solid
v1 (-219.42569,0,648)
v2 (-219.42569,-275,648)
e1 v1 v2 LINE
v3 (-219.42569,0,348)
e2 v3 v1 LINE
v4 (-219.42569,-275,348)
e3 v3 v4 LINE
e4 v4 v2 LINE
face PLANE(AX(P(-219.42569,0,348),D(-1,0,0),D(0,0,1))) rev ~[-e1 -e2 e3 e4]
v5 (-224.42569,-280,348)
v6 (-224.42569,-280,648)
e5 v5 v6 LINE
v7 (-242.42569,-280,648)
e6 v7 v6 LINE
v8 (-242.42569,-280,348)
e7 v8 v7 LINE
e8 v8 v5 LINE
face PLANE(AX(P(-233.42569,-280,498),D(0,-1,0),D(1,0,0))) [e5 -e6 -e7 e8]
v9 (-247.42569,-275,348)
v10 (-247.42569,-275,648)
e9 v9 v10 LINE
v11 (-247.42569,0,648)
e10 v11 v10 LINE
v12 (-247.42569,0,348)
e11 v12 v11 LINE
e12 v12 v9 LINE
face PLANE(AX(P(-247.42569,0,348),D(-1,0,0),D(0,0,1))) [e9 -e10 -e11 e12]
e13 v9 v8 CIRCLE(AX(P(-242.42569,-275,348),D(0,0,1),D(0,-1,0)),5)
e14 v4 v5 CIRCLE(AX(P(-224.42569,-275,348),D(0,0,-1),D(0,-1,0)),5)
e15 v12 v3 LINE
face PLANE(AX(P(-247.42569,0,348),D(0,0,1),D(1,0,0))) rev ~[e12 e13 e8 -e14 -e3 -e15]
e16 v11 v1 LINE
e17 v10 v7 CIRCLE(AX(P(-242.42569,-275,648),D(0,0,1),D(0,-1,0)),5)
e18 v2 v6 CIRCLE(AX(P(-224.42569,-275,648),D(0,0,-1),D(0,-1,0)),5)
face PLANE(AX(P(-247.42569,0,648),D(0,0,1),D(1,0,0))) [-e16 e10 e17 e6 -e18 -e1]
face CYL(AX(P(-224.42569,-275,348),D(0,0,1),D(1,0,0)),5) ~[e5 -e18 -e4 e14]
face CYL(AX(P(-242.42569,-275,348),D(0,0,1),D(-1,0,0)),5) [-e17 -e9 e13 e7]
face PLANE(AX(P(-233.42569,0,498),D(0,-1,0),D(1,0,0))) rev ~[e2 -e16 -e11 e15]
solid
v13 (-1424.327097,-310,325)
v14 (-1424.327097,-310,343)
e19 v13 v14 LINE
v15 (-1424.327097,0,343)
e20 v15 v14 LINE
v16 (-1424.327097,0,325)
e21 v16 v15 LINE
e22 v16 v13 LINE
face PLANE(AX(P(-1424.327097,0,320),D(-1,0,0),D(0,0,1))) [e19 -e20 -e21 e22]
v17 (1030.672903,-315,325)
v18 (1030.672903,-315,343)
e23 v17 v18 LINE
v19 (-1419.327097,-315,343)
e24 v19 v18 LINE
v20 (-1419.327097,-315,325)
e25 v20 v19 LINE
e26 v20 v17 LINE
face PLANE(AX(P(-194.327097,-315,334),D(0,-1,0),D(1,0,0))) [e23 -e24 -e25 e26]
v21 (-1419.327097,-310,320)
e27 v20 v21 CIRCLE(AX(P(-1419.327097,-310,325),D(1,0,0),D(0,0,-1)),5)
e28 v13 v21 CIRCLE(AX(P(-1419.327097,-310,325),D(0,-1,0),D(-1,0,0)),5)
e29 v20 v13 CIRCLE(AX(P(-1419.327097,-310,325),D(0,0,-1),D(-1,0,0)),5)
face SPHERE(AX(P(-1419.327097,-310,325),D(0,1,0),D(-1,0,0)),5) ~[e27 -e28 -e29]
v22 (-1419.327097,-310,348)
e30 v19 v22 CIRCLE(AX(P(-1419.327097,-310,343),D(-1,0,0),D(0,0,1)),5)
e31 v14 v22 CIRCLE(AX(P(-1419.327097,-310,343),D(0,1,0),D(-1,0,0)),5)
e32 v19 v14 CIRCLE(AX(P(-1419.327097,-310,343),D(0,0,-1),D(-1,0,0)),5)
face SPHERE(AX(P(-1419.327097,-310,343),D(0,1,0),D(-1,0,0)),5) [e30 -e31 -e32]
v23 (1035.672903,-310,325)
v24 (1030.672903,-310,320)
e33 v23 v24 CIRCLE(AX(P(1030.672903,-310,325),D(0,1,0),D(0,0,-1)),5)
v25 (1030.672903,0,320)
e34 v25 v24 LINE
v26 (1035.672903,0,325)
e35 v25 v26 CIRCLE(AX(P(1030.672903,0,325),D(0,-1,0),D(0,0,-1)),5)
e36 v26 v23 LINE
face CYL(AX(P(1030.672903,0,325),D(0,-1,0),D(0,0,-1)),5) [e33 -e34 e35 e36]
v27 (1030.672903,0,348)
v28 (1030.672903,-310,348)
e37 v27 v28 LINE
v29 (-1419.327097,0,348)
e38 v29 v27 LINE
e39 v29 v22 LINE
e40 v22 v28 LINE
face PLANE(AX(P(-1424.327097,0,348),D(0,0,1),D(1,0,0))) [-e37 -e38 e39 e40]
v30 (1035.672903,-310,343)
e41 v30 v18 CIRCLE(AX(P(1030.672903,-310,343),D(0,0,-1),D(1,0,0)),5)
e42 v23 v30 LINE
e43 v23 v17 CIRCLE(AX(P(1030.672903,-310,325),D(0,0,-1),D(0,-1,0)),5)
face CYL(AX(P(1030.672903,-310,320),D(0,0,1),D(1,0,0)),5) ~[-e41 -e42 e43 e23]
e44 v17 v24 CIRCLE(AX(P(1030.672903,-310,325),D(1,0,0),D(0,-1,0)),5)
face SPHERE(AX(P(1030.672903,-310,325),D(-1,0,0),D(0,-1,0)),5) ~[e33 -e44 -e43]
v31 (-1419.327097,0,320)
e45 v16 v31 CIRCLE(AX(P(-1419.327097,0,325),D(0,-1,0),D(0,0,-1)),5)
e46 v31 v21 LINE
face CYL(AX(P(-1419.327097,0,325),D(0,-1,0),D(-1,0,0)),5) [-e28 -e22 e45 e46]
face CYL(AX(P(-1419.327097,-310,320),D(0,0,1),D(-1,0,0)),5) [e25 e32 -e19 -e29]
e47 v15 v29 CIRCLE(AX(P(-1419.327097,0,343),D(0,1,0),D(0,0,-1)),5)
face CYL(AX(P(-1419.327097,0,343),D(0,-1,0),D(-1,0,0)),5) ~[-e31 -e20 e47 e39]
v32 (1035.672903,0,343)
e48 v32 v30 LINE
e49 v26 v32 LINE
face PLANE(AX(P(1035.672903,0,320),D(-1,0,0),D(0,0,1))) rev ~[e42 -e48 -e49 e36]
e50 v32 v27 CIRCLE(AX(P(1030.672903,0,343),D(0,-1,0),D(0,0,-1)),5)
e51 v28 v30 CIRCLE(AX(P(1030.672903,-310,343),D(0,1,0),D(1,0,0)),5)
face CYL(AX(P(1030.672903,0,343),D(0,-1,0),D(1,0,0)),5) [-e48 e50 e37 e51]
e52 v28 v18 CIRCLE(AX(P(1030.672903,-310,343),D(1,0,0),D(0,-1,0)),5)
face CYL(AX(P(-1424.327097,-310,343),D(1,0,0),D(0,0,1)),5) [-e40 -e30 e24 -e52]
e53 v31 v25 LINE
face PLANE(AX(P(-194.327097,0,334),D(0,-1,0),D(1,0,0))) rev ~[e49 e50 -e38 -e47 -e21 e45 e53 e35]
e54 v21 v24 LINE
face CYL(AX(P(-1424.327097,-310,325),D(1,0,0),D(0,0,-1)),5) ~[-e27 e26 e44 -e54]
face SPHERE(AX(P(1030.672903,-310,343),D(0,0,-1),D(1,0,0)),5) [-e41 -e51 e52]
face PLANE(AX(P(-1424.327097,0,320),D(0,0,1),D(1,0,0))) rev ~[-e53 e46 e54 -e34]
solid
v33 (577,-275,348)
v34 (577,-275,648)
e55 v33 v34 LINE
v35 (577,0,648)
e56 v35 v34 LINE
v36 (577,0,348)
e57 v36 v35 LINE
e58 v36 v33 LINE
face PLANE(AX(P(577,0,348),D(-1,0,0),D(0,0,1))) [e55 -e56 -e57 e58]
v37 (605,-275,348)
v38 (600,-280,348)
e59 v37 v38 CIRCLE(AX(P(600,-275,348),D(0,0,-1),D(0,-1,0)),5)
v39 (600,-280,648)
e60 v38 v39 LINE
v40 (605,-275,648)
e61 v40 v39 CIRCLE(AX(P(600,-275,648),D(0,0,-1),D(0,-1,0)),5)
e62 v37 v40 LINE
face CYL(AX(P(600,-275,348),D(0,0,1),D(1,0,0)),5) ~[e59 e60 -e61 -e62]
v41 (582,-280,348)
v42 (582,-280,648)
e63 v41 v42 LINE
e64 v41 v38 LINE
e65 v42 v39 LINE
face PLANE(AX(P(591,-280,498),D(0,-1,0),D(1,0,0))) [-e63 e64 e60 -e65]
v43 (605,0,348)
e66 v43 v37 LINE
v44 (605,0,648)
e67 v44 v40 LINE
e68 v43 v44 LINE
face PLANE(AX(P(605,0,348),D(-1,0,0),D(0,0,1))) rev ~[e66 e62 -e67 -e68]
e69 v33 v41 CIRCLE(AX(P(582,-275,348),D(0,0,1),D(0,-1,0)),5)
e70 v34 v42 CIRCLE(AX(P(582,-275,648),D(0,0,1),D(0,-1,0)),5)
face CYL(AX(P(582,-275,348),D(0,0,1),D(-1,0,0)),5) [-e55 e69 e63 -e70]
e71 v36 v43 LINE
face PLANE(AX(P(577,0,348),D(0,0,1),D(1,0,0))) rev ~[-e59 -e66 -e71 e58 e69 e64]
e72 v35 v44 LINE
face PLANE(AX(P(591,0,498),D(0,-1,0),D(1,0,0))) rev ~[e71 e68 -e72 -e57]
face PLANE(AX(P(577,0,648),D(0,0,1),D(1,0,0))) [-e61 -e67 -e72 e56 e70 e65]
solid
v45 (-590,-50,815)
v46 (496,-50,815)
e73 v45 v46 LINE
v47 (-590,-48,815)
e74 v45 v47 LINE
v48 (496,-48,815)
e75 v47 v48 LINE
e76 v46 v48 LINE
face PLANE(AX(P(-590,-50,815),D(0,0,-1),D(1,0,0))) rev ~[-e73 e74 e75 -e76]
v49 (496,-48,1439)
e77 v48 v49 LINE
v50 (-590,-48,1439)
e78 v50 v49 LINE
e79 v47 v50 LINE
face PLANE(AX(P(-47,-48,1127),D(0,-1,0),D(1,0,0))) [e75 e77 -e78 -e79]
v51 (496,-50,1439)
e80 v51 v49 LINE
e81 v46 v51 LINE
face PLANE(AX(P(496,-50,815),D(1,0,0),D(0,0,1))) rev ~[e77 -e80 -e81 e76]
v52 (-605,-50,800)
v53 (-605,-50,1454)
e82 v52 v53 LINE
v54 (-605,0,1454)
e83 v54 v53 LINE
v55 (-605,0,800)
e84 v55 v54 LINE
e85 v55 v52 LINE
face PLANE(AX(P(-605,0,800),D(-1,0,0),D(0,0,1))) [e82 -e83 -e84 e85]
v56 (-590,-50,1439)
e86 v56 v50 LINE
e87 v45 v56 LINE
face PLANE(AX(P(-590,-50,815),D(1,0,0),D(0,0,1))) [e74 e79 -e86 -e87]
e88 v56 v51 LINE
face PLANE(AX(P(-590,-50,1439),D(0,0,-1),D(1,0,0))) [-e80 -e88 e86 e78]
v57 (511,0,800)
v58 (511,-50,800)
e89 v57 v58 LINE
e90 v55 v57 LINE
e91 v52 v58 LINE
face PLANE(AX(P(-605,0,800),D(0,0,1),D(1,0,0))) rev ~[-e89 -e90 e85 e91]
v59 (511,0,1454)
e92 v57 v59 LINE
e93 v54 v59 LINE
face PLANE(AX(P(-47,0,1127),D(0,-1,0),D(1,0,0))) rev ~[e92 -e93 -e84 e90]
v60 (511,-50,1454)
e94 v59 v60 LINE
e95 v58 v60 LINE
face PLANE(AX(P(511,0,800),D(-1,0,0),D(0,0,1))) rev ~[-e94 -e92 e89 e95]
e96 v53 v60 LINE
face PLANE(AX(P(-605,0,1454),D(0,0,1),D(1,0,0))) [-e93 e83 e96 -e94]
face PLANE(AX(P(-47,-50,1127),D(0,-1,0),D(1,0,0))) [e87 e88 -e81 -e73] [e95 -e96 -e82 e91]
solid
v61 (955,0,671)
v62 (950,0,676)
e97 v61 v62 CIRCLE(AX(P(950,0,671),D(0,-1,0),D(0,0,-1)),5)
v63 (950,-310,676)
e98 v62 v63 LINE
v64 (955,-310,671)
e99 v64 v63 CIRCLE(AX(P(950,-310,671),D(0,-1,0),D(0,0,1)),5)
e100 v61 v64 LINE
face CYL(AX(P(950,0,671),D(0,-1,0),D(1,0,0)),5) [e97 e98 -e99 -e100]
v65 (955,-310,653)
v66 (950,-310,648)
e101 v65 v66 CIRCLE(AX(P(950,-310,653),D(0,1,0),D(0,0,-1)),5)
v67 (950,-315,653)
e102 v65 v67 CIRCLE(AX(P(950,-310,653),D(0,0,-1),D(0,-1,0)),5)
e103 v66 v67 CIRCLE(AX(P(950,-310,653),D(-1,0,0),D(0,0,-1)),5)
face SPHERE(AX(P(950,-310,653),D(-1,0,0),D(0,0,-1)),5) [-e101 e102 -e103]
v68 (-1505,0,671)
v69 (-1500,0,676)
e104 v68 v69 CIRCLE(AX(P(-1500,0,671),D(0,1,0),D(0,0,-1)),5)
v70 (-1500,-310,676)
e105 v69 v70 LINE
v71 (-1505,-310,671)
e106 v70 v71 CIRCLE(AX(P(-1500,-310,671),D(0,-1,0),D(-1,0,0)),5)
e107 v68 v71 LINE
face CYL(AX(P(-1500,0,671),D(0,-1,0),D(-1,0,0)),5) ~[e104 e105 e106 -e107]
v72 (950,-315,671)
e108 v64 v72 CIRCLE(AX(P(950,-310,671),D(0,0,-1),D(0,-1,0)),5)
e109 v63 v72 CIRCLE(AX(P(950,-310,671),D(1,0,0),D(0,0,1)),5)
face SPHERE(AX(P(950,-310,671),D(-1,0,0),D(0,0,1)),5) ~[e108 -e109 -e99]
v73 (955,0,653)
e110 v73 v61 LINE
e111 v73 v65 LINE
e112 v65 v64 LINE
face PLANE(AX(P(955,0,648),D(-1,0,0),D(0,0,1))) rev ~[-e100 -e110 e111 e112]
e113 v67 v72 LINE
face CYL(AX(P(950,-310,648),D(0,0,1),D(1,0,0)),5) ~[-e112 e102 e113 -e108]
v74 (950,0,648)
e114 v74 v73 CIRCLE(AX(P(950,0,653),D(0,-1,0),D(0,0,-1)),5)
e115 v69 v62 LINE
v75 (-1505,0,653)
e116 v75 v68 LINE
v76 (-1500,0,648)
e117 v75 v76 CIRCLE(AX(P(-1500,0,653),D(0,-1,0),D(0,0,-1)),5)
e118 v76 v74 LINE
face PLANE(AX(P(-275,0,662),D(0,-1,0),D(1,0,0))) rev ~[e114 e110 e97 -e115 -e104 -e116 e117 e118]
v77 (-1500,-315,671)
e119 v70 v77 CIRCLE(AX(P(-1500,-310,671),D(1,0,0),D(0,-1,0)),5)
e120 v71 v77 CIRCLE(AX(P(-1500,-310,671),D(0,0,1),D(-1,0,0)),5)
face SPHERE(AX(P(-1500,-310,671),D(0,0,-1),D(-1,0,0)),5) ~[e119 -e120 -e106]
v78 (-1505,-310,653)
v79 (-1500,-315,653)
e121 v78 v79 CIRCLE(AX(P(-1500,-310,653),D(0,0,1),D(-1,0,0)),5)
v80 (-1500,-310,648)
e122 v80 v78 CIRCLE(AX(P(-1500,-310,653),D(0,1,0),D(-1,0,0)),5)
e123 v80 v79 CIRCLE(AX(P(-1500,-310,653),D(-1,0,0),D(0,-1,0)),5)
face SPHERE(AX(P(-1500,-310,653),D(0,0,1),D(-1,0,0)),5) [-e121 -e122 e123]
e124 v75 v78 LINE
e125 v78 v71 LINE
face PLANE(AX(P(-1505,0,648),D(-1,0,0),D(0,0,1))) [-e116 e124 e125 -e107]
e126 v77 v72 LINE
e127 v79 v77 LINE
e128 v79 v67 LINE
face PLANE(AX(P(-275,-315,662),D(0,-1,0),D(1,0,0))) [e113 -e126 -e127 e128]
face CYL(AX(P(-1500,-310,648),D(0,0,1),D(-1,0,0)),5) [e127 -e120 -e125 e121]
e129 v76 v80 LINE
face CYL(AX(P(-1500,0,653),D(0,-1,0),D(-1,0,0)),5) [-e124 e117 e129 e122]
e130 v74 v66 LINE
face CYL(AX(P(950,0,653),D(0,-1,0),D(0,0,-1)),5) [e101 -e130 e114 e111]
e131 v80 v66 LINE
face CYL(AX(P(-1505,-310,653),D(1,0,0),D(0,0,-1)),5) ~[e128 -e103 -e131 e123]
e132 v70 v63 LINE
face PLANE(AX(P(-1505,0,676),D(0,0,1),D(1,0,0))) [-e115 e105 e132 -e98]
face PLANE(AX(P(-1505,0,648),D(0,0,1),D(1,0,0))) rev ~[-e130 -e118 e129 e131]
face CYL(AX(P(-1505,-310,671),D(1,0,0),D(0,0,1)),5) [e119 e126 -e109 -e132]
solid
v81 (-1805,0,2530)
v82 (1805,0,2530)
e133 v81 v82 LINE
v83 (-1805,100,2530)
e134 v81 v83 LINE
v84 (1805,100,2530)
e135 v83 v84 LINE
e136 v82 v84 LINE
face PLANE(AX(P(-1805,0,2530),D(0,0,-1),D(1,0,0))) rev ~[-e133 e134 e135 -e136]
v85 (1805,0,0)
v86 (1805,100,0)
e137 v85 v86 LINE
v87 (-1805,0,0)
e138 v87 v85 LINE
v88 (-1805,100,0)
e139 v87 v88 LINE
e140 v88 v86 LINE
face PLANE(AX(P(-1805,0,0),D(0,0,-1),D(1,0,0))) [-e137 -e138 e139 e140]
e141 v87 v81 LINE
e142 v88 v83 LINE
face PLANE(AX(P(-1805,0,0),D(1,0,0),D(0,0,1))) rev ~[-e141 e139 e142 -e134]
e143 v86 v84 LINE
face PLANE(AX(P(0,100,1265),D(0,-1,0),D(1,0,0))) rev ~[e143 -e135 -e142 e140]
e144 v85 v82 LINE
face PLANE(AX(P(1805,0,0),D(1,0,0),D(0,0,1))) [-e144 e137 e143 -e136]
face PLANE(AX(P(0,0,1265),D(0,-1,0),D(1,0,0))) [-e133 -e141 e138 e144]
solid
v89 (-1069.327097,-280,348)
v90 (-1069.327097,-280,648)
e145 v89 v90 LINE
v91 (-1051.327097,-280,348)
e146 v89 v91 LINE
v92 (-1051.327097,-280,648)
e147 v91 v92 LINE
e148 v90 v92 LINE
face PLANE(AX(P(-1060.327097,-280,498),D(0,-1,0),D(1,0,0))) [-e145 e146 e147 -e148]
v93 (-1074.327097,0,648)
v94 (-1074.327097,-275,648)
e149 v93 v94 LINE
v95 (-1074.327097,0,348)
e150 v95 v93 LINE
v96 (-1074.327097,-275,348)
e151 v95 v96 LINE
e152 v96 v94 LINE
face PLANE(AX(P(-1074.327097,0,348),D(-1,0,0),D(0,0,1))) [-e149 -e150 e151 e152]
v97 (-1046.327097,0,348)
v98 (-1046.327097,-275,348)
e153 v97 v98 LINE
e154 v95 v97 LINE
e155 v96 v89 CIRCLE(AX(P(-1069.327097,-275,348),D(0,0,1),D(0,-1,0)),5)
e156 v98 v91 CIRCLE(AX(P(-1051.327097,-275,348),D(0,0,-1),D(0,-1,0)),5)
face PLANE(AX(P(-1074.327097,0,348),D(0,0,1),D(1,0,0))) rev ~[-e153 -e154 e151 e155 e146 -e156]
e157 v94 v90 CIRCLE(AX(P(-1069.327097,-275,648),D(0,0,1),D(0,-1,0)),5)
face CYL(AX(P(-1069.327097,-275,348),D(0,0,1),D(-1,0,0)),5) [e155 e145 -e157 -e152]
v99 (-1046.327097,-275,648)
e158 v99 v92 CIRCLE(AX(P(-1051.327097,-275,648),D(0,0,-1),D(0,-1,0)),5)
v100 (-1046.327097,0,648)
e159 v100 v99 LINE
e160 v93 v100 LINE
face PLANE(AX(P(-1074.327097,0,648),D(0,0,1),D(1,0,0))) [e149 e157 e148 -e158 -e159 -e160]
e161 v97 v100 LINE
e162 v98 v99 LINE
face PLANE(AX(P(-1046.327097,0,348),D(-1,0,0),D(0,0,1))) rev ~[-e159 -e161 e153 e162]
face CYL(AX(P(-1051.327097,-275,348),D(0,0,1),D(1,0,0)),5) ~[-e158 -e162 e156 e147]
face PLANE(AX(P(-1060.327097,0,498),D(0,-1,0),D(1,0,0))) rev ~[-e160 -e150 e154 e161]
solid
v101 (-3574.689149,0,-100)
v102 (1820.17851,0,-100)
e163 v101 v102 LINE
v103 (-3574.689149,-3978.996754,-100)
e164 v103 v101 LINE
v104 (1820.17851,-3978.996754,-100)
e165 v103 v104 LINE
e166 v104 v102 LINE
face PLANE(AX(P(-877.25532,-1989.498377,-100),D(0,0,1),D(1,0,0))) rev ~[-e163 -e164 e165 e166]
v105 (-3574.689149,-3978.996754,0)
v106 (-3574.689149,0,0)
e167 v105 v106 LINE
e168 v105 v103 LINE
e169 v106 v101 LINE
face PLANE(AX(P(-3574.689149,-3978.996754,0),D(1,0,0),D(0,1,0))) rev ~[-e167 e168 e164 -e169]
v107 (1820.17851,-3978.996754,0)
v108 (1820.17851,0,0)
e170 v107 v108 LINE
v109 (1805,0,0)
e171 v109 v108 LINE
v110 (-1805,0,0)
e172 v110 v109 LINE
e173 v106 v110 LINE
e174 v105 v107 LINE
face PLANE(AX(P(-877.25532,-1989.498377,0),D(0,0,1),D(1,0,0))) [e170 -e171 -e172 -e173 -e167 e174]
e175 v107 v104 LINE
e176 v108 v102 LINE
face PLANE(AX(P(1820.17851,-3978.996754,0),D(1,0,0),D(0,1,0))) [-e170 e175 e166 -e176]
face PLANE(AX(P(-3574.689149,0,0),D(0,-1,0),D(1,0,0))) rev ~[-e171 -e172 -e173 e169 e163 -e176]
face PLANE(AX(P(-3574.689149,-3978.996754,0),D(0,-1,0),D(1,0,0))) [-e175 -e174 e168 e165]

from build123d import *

# Parameters (mm, degrees)
F0_W      = 3610
F0_H      = 2530
F1_DEPTH  = 100
F2_W      = 5394.867659
F2_H      = 3978.996754
F3_DEPTH  = 100
F4_W      = 1116
F4_H      = 654
F5_DEPTH  = 50
F6_W      = 1086
F6_H      = 624
F7_DEPTH  = 2
F8_W      = 2460
F8_H      = 28
F9_DEPTH  = 315
F10_W     = 28
F10_H     = 300
F11_DEPTH = 280
F12_R     = 5
F13_R     = 5


with BuildPart() as f1:
    # F0 (on Front) → F1 (new body)
    with BuildSketch(Plane.XZ):
        with Locations((0, 1265)):
            Rectangle(F0_W, F0_H)
    extrude(amount=-F1_DEPTH)

    # F2 (on Top) → F3 (join)
    with BuildSketch(Plane.XY):
        with Locations((-877.25532, -1989.498377)):
            Rectangle(F2_W, F2_H)
    extrude(amount=-F3_DEPTH)


with BuildPart() as f5:
    # F4 (on face) → F5 (new body)
    with BuildSketch(Plane.XZ):
        with Locations((-47, 1127)):
            Rectangle(F4_W, F4_H)
    extrude(amount=F5_DEPTH)

    # F6 (on face) → F7 (cut)
    with BuildSketch(Plane.XZ.offset(50)):
        with Locations((-47, 1127)):
            Rectangle(F6_W, F6_H)
    extrude(amount=-F7_DEPTH, mode=Mode.SUBTRACT)


with BuildPart() as f9:
    # F8 (on face) → F9 (new body)
    with BuildSketch(Plane.XZ):
        with Locations((-275, 662)):
            Rectangle(F8_W, F8_H)
        with Locations((-194.327097, 334)):
            Rectangle(F8_W, F8_H)
    extrude(amount=F9_DEPTH)

    # F12
    f12_edges = [f9.edges().sort_by_distance(p)[0] for p in [
        (-1505, -315, 662),
        (-1505, -157.5, 676),
        (-1505, -157.5, 648),
        (-275, -315, 648),
        (-275, -315, 676),
        (-1424.327097, -157.5, 348),
        (-1424.327097, -157.5, 320),
        (-1424.327097, -315, 334),
        (-194.327097, -315, 320),
        (955, -157.5, 676),
        (1035.672903, -315, 334),
        (1035.672903, -157.5, 320),
        (1035.672903, -157.5, 348),
        (955, -157.5, 648),
        (955, -315, 662),
        (-194.327097, -315, 348),
    ]]
    fillet(f12_edges, radius=F12_R)


with BuildPart() as f11:
    # F10 (on face) → F11 (new body)
    with BuildSketch(Plane.XZ):
        with Locations((-1060.327097, 498)):
            Rectangle(F10_W, F10_H)
        with Locations((591, 498)):
            Rectangle(F10_W, F10_H)
        with Locations((-233.42569, 498)):
            Rectangle(F10_W, F10_H)
    extrude(amount=F11_DEPTH)

    # F13
    f13_edges = [f11.edges().sort_by_distance(p)[0] for p in [
        (-1074.327097, -280, 498),
        (-247.42569, -280, 498),
        (577, -280, 498),
        (-1046.327097, -280, 498),
        (-219.42569, -280, 498),
        (605, -280, 498),
    ]]
    fillet(f13_edges, radius=F13_R)


solid = Compound([f1.part, f5.part, f9.part, f11.part])
